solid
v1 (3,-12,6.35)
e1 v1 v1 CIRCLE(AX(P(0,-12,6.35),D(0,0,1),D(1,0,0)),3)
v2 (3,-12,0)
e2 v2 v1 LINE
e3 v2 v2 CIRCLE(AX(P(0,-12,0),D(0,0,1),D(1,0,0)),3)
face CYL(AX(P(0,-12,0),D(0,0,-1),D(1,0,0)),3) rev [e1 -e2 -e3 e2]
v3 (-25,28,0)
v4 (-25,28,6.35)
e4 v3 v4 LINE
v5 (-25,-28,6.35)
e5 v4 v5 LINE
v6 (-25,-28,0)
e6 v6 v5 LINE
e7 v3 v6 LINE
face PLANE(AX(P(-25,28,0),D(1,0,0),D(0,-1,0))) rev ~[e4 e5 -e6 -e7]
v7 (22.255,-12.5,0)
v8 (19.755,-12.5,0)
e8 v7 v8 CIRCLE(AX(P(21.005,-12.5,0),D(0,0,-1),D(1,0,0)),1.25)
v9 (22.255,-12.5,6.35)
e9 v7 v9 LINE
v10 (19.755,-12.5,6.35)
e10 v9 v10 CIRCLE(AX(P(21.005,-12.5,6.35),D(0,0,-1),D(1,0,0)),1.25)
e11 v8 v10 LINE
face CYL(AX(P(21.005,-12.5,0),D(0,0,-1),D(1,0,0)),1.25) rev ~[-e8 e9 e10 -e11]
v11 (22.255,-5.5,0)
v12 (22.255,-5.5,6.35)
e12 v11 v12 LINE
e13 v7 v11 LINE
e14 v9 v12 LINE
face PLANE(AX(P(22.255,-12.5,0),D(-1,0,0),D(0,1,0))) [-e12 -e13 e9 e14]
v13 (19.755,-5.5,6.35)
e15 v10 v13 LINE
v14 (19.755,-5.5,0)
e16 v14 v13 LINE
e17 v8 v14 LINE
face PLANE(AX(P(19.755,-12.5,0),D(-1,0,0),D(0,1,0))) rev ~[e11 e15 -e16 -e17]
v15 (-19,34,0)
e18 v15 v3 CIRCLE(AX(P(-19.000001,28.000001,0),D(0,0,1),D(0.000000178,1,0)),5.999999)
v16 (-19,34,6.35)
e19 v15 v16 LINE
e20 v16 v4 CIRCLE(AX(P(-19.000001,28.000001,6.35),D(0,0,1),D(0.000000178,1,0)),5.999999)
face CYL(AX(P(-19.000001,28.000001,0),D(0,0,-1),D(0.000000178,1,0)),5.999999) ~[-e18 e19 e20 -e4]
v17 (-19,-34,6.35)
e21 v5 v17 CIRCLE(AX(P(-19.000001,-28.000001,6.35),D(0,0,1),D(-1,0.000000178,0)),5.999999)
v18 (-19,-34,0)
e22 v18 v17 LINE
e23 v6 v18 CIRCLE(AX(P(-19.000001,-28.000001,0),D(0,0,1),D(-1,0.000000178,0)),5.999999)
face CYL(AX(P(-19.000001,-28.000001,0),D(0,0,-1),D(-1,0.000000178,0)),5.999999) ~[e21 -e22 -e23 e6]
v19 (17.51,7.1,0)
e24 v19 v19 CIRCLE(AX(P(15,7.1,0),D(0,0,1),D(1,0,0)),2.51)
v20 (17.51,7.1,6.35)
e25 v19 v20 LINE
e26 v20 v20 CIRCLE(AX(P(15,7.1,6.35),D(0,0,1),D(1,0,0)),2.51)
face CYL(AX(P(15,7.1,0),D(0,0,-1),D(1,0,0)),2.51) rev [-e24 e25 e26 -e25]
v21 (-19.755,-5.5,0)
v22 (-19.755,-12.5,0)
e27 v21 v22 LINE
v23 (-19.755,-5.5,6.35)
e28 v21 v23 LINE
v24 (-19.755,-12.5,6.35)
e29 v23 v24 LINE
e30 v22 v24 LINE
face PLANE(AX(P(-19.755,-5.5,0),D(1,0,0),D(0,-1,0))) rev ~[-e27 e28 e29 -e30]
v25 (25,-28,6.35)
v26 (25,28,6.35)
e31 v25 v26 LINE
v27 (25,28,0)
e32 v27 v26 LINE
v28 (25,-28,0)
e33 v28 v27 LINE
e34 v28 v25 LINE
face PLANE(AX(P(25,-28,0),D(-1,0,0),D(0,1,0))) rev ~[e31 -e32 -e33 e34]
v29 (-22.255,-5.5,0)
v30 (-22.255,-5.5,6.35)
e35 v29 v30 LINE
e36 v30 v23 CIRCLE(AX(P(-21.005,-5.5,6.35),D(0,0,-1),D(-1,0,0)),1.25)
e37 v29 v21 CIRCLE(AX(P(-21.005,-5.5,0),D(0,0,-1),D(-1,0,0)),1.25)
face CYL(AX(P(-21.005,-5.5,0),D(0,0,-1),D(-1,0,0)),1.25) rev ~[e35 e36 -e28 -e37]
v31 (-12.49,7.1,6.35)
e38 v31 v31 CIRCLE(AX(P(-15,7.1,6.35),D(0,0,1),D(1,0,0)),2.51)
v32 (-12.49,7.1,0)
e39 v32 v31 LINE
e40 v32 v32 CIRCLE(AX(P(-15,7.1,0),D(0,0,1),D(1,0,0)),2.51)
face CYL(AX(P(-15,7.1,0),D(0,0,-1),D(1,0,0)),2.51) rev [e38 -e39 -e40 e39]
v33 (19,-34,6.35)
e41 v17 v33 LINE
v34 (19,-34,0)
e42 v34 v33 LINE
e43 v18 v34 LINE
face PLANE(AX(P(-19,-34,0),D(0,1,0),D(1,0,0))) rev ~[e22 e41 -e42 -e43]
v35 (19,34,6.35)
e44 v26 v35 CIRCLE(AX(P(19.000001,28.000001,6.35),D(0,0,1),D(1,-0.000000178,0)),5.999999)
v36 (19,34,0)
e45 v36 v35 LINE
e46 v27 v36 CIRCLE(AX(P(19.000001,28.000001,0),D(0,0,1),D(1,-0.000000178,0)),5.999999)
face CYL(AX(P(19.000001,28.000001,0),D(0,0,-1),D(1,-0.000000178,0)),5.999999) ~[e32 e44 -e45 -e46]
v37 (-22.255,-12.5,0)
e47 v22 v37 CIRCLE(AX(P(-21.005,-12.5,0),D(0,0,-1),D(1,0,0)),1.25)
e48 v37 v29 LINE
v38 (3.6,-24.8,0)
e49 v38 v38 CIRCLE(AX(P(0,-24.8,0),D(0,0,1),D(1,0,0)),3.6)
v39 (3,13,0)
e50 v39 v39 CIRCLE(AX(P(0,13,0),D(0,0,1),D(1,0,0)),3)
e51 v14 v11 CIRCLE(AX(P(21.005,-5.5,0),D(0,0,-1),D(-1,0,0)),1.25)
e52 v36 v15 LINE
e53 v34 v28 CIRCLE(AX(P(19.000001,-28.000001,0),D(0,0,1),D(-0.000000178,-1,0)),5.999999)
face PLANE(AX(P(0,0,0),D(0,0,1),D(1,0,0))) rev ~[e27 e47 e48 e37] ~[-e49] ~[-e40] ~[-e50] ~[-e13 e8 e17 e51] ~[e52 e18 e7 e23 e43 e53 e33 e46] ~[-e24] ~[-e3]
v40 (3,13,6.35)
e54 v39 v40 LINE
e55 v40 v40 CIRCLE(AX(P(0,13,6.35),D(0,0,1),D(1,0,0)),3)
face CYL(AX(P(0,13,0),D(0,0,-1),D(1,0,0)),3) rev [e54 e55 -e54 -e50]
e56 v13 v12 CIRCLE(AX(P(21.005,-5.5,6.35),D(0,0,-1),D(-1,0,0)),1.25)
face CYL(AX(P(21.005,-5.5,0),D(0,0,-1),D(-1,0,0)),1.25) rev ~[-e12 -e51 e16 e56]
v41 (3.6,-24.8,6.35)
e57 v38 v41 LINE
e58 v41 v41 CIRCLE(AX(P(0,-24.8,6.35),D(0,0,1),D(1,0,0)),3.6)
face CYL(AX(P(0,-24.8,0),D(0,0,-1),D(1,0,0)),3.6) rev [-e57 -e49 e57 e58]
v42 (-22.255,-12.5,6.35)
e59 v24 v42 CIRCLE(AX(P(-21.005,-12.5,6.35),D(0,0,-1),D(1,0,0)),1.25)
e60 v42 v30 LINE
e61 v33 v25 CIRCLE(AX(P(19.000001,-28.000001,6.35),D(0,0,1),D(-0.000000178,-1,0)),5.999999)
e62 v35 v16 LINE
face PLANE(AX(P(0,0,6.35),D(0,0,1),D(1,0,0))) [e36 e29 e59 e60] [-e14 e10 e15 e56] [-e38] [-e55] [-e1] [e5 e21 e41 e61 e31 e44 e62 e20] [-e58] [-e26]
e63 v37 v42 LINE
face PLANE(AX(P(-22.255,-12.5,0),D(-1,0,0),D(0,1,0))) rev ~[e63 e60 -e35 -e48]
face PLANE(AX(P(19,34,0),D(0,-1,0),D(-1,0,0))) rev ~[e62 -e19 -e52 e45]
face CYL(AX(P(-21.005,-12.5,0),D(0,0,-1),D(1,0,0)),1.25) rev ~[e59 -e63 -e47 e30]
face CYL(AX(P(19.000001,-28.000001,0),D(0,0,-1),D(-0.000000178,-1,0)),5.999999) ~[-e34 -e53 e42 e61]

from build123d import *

# Parameters (mm, degrees)
F0_W     = 19.2
F0_H     = 68
F0_R     = 6
F0_R_2   = 3
F0_R_3   = 4.75
F0_R_4   = 3.6
F0_R_5   = 2.51
F0_W_2   = 2.745
F0_H_2   = 7
F1_DEPTH = 6.35


with BuildPart() as f1:
    # F0 (on Top) → F1 (new body)
    with BuildSketch(Plane.XY):
        Rectangle(F0_W, F0_H)
        with Locations((0, -24.8)):
            Circle(F0_R, mode=Mode.SUBTRACT)
        with Locations((0, -12)):
            Circle(F0_R_2, mode=Mode.SUBTRACT)
        with Locations((0, 13)):
            Circle(F0_R_2, mode=Mode.SUBTRACT)
        with BuildLine():
            Line((-25, -5.5), (-22.255, -5.5))
            ThreePointArc((-22.255, -5.5), (-21.005, -4.25), (-19.755, -5.5))
            Line((-19.755, -5.5), (-19.755, -12.5))
            ThreePointArc((-19.755, -12.5), (-21.005, -13.75), (-22.255, -12.5))
            Line((-22.255, -12.5), (-25, -12.5))
            Line((-25, -12.5), (-25, -28))
            ThreePointArc((-25, -28), (-23.242641, -32.242641), (-19, -34))
            Line((-19, -34), (-10, -34))
            Line((-10, -34), (-9.6, -34))
            Line((-9.6, -34), (-9.6, 34))
            Line((-9.6, 34), (-19, 34))
            ThreePointArc((-19, 34), (-23.242641, 32.242641), (-25, 28))
            Line((-25, 28), (-25, -5.5))
        make_face()
        with Locations((-15, 7.1)):
            Circle(F0_R_3, mode=Mode.SUBTRACT)
        with BuildLine():
            Line((19, 34), (9.6, 34))
            Line((9.6, 34), (9.6, -34))
            Line((9.6, -34), (19, -34))
            ThreePointArc((19, -34), (23.242641, -32.242641), (25, -28))
            Line((25, -28), (25, -12.5))
            Line((25, -12.5), (22.255, -12.5))
            ThreePointArc((22.255, -12.5), (21.005, -13.75), (19.755, -12.5))
            Line((19.755, -12.5), (19.755, -5.5))
            ThreePointArc((19.755, -5.5), (21.005, -4.25), (22.255, -5.5))
            Line((22.255, -5.5), (25, -5.5))
            Line((25, -5.5), (25, 28))
            ThreePointArc((25, 28), (23.242641, 32.242641), (19, 34))
        make_face()
        with Locations((15, 7.1)):
            Circle(F0_R_3, mode=Mode.SUBTRACT)
        with Locations((0, -24.8)):
            Circle(F0_R)
        with Locations((0, -24.8)):
            Circle(F0_R_4, mode=Mode.SUBTRACT)
        with Locations((15, 7.1)):
            Circle(F0_R_3)
        with Locations((15, 7.1)):
            Circle(F0_R_5, mode=Mode.SUBTRACT)
        with Locations((-15, 7.1)):
            Circle(F0_R_3)
        with Locations((-15, 7.1)):
            Circle(F0_R_5, mode=Mode.SUBTRACT)
        with Locations((-23.6275, -9)):
            Rectangle(F0_W_2, F0_H_2)
        with Locations((23.6275, -9)):
            Rectangle(F0_W_2, F0_H_2)
    extrude(amount=F1_DEPTH)


solid = f1.part
